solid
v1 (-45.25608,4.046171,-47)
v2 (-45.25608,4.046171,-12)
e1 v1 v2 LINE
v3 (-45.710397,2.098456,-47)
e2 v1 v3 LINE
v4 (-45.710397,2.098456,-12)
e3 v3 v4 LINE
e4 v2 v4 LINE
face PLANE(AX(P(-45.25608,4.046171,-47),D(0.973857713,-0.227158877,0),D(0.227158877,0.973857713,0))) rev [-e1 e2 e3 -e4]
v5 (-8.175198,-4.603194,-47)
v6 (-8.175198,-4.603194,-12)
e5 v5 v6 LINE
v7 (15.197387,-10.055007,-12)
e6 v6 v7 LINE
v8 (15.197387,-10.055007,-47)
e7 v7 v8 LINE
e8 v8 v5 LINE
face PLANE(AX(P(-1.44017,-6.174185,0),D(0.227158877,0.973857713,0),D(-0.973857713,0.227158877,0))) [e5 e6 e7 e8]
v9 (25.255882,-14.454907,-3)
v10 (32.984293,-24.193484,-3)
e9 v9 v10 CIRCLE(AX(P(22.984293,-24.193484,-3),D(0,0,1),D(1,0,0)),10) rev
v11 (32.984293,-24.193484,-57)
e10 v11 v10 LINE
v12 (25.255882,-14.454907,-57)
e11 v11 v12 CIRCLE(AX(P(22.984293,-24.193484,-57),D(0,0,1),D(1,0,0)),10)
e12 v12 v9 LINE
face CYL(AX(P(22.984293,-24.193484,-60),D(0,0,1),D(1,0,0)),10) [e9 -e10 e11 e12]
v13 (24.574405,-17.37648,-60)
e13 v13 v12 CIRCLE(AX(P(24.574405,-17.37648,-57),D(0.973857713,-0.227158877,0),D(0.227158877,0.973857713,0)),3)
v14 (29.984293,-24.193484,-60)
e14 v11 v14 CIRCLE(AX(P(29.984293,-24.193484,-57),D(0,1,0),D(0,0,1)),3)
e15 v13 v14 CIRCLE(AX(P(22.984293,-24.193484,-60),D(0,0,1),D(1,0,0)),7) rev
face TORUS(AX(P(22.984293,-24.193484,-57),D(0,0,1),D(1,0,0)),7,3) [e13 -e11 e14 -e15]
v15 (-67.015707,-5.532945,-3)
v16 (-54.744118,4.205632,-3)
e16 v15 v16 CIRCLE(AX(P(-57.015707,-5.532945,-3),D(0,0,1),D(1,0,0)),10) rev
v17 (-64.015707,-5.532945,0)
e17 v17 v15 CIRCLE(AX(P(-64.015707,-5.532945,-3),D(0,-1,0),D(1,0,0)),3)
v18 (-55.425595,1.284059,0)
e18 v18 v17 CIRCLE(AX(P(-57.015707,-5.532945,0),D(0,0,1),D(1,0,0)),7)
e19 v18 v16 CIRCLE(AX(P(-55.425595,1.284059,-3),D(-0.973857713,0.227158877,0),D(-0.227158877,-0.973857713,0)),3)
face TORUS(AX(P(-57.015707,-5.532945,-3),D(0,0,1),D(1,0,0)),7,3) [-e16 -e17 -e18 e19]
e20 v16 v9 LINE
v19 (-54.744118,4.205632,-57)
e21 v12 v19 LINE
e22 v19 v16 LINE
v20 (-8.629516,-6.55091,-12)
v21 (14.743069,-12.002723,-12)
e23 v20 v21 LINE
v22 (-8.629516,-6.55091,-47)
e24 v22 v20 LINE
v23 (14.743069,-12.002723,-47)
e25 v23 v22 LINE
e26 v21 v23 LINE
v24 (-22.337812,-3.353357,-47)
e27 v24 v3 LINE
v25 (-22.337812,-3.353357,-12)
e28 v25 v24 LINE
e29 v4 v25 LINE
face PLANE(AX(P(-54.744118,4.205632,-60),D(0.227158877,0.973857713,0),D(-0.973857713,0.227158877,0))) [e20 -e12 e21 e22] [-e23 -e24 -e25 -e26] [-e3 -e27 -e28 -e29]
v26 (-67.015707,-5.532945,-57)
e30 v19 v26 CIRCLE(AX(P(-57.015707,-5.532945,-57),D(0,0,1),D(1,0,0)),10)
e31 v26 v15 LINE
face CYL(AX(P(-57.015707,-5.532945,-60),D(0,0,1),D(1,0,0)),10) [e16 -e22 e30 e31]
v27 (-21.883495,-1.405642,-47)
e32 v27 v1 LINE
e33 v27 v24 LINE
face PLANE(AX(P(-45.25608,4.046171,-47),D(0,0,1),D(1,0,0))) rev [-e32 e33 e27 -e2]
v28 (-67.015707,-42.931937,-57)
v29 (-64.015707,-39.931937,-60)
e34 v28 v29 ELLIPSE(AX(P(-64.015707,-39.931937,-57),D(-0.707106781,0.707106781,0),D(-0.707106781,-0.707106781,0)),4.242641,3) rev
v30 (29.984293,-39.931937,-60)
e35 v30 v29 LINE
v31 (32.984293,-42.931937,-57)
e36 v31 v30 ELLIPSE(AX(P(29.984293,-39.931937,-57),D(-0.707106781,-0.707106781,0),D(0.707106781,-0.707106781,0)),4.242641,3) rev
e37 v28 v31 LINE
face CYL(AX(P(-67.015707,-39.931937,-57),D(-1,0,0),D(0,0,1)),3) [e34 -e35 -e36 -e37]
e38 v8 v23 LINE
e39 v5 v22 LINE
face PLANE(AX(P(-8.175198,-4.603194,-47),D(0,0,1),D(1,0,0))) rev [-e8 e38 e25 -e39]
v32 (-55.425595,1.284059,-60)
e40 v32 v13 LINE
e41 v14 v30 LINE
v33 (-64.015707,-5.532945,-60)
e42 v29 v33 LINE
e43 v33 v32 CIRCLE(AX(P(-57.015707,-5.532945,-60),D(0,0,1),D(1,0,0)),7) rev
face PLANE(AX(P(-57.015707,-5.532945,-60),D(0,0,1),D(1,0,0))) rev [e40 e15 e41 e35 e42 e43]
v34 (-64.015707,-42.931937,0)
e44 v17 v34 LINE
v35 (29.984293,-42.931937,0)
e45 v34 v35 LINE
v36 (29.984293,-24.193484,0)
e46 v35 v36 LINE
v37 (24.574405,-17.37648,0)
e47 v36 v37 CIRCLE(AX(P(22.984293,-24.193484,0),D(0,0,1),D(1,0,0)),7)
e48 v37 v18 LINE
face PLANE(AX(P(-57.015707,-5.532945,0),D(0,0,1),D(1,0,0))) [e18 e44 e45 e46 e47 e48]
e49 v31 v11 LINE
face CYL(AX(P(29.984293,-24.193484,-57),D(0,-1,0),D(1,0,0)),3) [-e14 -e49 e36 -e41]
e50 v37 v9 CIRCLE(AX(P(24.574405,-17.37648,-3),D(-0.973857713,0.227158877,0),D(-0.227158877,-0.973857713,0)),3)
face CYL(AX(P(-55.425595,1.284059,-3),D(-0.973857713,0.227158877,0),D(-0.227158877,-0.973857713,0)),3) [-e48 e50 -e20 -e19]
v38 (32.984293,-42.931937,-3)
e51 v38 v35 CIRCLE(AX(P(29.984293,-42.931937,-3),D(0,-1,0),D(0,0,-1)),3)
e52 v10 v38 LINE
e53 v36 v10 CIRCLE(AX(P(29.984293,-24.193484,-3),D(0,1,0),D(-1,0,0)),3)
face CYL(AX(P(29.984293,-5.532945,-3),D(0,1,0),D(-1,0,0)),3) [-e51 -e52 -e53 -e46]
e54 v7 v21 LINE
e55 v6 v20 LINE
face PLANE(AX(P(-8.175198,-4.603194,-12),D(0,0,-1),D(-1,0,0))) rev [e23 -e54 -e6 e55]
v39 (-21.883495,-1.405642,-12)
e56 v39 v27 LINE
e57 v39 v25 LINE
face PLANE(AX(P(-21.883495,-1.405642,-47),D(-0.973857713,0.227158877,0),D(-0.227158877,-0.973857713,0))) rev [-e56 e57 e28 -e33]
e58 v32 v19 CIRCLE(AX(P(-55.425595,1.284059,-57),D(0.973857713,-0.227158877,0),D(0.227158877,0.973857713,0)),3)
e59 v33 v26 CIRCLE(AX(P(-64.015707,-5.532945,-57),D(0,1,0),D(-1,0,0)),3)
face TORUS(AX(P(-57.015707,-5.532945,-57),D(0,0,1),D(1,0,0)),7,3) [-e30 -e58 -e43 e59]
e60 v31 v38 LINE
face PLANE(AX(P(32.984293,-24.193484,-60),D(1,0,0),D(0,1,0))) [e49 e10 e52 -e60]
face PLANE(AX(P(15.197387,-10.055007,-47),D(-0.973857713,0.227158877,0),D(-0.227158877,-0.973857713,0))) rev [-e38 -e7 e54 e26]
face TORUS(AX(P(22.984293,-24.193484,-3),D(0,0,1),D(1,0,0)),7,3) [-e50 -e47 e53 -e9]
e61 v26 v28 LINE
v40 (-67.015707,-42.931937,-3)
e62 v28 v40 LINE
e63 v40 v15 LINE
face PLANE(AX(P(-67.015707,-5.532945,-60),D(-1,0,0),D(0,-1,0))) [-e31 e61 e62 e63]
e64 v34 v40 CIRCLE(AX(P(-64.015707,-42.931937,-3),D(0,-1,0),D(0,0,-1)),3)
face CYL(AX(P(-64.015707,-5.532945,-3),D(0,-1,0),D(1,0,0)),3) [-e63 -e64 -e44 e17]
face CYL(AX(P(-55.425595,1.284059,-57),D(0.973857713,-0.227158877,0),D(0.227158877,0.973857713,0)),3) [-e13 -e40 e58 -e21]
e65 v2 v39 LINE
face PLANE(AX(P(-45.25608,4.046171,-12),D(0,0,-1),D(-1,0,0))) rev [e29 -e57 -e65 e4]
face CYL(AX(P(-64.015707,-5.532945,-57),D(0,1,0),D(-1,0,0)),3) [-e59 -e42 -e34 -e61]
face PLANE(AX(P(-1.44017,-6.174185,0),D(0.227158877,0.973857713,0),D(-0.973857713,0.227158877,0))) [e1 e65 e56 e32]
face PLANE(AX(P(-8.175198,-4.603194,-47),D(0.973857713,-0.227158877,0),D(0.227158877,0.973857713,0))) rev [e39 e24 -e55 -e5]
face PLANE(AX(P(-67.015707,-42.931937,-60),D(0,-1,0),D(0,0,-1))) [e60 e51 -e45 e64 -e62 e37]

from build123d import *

# Parameters (mm, degrees)
BOSS_EXTRUDE1_DEPTH = 60
SKETCH2_W           = 24
SKETCH2_H           = 35
BOSS_EXTRUDE2_DEPTH = 2
FILLET1_R           = 3


with BuildPart() as part:
    # Sketch1 → Boss-Extrude1 (new body)
    with BuildSketch(Plane.XY):
        with BuildLine():
            Line((-54.744118035, 4.205632013), (25.255881965, -14.454907336))
            ThreePointArc((25.255881965, -14.454907336), (30.817424359, -17.97721097), (32.984293194, -24.193484463))
            Line((32.984293194, -24.193484463), (32.984293194, -42.931937173))
            Line((32.984293194, -42.931937173), (-67.015706806, -42.931937173))
            Line((-67.015706806, -42.931937173), (-67.015706806, -5.532945114))
            ThreePointArc((-67.015706806, -5.532945114), (-63.2319803, 2.300186052), (-54.744118035, 4.205632013))
        make_face()
    extrude(amount=-BOSS_EXTRUDE1_DEPTH)

    # Sketch2 → Boss-Extrude2 (add)
    with BuildSketch(Plane(origin=(-1.894488045, -8.121900487, 0), x_dir=(0.9738577126840912, -0.22715887710083071, 0), z_dir=(0.22715887710083071, 0.9738577126840912, 0))):
        with Locations((-32.992105981, 29.5)):
            Rectangle(SKETCH2_W, SKETCH2_H)
        with Locations((5.084176419, 29.5)):
            Rectangle(SKETCH2_W, SKETCH2_H)
    extrude(amount=BOSS_EXTRUDE2_DEPTH)

    # Fillet1
    fillet1_edges = [part.edges().sort_by_distance(p)[0] for p in [
        (-14.744118035, -5.124637662, -60),
        (-63.2319803, 2.300186052, -60),
        (-67.015706806, -24.232441143, -60),
        (-17.015706806, -42.931937173, -60),
        (32.984293194, -33.562710818, -60),
        (-67.015706806, -24.232441143, 0),
        (-63.2319803, 2.300186052, 0),
        (-14.744118035, -5.124637662, 0),
        (30.817424359, -17.97721097, 0),
        (32.984293194, -33.562710818, 0),
        (30.817424359, -17.97721097, -60),
    ]]
    fillet(fillet1_edges, radius=FILLET1_R)


solid = part.part
